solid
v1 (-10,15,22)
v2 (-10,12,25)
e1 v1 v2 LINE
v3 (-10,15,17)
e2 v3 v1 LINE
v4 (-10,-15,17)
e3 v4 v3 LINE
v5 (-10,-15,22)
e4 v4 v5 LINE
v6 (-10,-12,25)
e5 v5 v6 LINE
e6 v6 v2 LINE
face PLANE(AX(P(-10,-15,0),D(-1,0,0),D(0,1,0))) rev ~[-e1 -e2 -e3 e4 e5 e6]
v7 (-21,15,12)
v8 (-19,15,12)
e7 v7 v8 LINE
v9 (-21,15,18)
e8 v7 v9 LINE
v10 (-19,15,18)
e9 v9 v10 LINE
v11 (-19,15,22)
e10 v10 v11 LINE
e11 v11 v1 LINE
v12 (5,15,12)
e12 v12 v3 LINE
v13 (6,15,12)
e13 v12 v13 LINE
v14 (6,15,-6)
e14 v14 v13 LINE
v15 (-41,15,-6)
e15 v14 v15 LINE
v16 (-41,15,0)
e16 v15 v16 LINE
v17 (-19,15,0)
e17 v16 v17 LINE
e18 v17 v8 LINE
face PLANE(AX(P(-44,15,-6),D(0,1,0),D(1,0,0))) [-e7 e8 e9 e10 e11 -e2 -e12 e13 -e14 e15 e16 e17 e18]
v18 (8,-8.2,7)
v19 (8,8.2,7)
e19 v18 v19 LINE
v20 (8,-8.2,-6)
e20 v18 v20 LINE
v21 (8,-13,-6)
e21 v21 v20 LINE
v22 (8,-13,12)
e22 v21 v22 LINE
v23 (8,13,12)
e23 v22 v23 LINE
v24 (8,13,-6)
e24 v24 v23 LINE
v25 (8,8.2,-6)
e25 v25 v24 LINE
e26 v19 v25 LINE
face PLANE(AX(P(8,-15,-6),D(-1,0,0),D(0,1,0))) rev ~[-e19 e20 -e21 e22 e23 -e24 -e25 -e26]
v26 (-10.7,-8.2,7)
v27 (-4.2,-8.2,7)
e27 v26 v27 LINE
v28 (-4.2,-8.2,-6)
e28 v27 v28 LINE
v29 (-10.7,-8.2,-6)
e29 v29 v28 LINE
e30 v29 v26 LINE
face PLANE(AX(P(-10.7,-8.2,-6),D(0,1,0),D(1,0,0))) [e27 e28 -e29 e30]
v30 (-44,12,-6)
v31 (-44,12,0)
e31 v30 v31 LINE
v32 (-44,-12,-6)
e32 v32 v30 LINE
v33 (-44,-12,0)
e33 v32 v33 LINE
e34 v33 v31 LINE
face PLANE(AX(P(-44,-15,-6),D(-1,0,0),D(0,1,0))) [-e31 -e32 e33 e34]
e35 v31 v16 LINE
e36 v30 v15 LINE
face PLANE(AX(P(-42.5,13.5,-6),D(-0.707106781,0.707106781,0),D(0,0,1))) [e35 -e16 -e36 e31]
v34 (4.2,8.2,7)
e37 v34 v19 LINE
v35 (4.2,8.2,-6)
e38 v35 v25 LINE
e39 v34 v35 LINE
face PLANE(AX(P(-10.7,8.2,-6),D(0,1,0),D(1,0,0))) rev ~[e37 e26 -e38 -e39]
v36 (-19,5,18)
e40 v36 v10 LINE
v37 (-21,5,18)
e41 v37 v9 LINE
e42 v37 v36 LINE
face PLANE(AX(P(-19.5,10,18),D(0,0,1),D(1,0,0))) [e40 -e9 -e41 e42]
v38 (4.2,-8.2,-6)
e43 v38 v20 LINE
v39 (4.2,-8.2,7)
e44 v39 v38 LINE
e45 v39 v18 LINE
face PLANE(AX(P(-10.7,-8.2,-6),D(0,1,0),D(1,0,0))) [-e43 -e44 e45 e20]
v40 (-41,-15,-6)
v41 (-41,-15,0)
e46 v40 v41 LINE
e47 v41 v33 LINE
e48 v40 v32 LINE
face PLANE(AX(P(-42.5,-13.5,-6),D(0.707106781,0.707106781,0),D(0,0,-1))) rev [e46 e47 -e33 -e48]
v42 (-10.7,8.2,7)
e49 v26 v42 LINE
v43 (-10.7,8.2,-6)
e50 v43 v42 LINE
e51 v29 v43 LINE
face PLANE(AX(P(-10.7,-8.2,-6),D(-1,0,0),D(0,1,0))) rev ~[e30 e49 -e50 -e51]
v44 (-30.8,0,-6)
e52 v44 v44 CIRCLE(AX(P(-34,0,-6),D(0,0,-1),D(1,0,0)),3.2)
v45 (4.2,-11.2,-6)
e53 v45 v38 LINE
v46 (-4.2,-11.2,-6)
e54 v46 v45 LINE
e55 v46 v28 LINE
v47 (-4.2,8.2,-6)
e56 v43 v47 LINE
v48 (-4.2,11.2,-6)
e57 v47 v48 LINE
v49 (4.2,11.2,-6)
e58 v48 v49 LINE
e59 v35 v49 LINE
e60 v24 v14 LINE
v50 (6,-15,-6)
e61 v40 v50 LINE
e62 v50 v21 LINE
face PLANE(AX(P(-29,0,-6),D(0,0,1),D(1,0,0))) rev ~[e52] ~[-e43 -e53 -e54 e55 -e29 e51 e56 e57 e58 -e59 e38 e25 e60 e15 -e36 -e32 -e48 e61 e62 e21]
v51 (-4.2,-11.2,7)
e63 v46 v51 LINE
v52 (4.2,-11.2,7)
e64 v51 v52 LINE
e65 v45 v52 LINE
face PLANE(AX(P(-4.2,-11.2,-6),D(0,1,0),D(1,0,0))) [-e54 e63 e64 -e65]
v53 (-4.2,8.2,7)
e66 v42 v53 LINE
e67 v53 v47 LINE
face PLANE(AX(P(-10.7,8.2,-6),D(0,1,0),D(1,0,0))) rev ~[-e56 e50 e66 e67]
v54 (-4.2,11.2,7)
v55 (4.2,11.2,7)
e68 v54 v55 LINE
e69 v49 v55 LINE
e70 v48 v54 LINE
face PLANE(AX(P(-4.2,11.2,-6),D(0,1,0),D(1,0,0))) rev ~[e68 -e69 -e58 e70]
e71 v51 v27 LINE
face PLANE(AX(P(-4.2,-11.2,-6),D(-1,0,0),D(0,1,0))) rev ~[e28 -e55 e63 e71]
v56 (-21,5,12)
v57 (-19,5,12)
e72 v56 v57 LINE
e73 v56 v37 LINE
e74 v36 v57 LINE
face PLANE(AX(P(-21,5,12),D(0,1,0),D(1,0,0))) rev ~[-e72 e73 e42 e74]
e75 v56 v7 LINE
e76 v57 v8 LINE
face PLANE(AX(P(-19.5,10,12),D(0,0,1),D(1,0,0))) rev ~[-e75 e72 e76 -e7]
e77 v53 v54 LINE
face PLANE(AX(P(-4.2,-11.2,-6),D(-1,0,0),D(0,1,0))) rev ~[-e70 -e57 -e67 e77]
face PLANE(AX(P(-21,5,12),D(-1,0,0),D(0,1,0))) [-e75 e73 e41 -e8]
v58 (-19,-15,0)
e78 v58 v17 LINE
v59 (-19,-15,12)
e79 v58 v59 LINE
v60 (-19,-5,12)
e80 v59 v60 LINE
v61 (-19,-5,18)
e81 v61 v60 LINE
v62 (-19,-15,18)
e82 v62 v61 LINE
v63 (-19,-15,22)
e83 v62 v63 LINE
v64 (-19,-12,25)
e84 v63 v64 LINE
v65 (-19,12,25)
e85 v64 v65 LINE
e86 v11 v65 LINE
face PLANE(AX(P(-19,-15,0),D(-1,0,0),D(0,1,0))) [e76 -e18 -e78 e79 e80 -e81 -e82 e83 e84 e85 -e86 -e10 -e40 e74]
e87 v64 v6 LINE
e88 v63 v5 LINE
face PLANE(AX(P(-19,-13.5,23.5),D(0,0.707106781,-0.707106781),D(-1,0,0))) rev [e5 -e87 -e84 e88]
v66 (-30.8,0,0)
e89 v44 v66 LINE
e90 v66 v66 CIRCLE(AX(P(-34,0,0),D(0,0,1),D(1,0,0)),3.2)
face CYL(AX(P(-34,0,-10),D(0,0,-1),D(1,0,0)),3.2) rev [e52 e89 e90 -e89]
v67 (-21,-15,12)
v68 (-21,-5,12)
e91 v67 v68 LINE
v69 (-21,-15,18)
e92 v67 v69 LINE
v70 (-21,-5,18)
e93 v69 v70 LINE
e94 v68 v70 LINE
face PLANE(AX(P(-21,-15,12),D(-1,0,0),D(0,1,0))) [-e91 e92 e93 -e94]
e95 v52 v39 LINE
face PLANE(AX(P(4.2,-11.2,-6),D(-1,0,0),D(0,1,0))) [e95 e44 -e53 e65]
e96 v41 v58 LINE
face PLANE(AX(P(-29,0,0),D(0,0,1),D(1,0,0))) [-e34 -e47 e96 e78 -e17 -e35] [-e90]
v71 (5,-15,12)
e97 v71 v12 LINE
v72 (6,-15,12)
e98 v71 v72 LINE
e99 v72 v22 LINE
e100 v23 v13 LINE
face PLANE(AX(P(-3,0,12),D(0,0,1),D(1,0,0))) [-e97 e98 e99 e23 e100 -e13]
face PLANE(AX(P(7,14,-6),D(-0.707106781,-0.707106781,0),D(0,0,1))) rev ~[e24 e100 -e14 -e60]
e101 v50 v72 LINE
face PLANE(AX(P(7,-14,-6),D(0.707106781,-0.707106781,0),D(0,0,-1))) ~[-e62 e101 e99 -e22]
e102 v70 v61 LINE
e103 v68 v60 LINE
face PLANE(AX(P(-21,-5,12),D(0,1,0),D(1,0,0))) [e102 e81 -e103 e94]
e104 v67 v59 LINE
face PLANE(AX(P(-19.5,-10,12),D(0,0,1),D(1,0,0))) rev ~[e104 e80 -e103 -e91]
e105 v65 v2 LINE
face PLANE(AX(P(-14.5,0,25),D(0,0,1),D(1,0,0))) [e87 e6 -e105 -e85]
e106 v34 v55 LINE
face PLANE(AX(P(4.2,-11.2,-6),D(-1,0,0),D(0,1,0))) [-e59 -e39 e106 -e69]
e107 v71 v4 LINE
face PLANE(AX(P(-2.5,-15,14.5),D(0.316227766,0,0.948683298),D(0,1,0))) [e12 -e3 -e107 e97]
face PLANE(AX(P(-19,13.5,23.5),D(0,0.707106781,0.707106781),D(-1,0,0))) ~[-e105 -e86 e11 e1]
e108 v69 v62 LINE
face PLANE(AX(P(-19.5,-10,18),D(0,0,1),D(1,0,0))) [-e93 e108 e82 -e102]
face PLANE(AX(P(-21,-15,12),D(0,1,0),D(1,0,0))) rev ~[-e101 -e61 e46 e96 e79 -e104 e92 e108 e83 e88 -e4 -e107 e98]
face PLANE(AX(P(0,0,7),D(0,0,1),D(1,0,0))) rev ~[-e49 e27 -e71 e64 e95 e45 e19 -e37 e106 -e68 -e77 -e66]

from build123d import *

# Parameters (mm, degrees)
CYLINDER010_R     = 3.2
CYLINDER010_DEPTH = 10
BOX003_W          = 21.4
BOX003_H          = 16.4
BOX003_DEPTH      = 13
BOX009_W          = 8.4
BOX009_H          = 22.4
BOX009_DEPTH      = 13
BOX006_W          = 22
BOX006_H          = 30
BOX006_DEPTH      = 18
BOX005_W          = 30
BOX005_H          = 30
BOX005_DEPTH      = 6
BOX010_W          = 3
BOX010_H          = 10
BOX010_DEPTH      = 6
BOX011_W          = 3
BOX011_H          = 10
BOX011_DEPTH      = 6
BOX004_W          = 9
BOX004_H          = 30
BOX004_DEPTH      = 25
CHAMFER013_SIZE   = 3
CHAMFER014_SIZE2  = 5
CHAMFER014_SIZE   = 15
CHAMFER020_SIZE   = 2
CHAMFER021_SIZE   = 3


with BuildPart() as cylinder010:
    # Cylinder010 → Cylinder010 (new body)
    with BuildSketch(Plane(origin=(-34, 0, -10), x_dir=(1, 0, 0), z_dir=(0, 0, 1))):
        Circle(CYLINDER010_R)
    extrude(amount=CYLINDER010_DEPTH)


with BuildPart() as cube003:
    # Box003 → Box003 (new body)
    with BuildSketch(Plane(origin=(-10.7, -8.2, -6), x_dir=(1, 0, 0), z_dir=(0, 0, 1))):
        with Locations((10.7, 8.2)):
            Rectangle(BOX003_W, BOX003_H)
    extrude(amount=BOX003_DEPTH)


with BuildPart() as fusion020006007016:
    # Box009 → Box009 (new body)
    with BuildSketch(Plane(origin=(-4.2, -11.2, -6), x_dir=(1, 0, 0), z_dir=(0, 0, 1))):
        with Locations((4.2, 11.2)):
            Rectangle(BOX009_W, BOX009_H)
    extrude(amount=BOX009_DEPTH)

    # Fusion020006007016: union Cube003
    add(cube003.part)


with BuildPart() as cube006:
    # Box006 → Box006 (new body)
    with BuildSketch(Plane(origin=(-14, -15, -6), x_dir=(1, 0, 0), z_dir=(0, 0, 1))):
        with Locations((11, 15)):
            Rectangle(BOX006_W, BOX006_H)
    extrude(amount=BOX006_DEPTH)


with BuildPart() as cube005:
    # Box005 → Box005 (new body)
    with BuildSketch(Plane(origin=(-44, -15, -6), x_dir=(1, 0, 0), z_dir=(0, 0, 1))):
        with Locations((15, 15)):
            Rectangle(BOX005_W, BOX005_H)
    extrude(amount=BOX005_DEPTH)


with BuildPart() as cube010:
    # Box010 → Box010 (new body)
    with BuildSketch(Plane(origin=(-21, -15, 12), x_dir=(1, 0, 0), z_dir=(0, 0, 1))):
        with Locations((1.5, 5)):
            Rectangle(BOX010_W, BOX010_H)
    extrude(amount=BOX010_DEPTH)


with BuildPart() as aligner:
    # Box011 → Box011 (new body)
    with BuildSketch(Plane(origin=(-21, 5, 12), x_dir=(1, 0, 0), z_dir=(0, 0, 1))):
        with Locations((1.5, 5)):
            Rectangle(BOX011_W, BOX011_H)
    extrude(amount=BOX011_DEPTH)

    # Fusion041004009: union Cube010
    add(cube010.part)


with BuildPart() as cut009010:
    # Box004 → Box004 (new body)
    with BuildSketch(Plane(origin=(-19, -15, 0), x_dir=(1, 0, 0), z_dir=(0, 0, 1))):
        with Locations((4.5, 15)):
            Rectangle(BOX004_W, BOX004_H)
    extrude(amount=BOX004_DEPTH)

    # Chamfer013
    chamfer013_edges = [cut009010.edges().sort_by_distance(p)[0] for p in [
        (-14.5, -15, 25),
        (-14.5, 15, 25),
    ]]
    chamfer(chamfer013_edges, length=CHAMFER013_SIZE)

    # Fusion020006007008: union Cube006, Cube005, aligner
    add(cube006.part)
    add(cube005.part)
    add(aligner.part)

    # Chamfer014
    chamfer014_edges = [cut009010.edges().sort_by_distance(p)[0] for p in [
        (-10, 0, 12),
    ]]
    chamfer014_side = cut009010.faces().sort_by_distance((-1, 0, 12))[0]
    chamfer(chamfer014_edges, length=CHAMFER014_SIZE, length2=CHAMFER014_SIZE2, reference=chamfer014_side)

    # Cut009009: cut Fusion020006007016
    add(fusion020006007016.part, mode=Mode.SUBTRACT)

    # Chamfer020
    chamfer020_edges = [cut009010.edges().sort_by_distance(p)[0] for p in [
        (8, -15, 3),
        (8, 15, 3),
    ]]
    chamfer(chamfer020_edges, length=CHAMFER020_SIZE)

    # Chamfer021
    chamfer021_edges = [cut009010.edges().sort_by_distance(p)[0] for p in [
        (-44, -15, -3),
        (-44, 15, -3),
    ]]
    chamfer(chamfer021_edges, length=CHAMFER021_SIZE)

    # Cut009010: cut Cylinder010
    add(cylinder010.part, mode=Mode.SUBTRACT)


solid = cut009010.part
